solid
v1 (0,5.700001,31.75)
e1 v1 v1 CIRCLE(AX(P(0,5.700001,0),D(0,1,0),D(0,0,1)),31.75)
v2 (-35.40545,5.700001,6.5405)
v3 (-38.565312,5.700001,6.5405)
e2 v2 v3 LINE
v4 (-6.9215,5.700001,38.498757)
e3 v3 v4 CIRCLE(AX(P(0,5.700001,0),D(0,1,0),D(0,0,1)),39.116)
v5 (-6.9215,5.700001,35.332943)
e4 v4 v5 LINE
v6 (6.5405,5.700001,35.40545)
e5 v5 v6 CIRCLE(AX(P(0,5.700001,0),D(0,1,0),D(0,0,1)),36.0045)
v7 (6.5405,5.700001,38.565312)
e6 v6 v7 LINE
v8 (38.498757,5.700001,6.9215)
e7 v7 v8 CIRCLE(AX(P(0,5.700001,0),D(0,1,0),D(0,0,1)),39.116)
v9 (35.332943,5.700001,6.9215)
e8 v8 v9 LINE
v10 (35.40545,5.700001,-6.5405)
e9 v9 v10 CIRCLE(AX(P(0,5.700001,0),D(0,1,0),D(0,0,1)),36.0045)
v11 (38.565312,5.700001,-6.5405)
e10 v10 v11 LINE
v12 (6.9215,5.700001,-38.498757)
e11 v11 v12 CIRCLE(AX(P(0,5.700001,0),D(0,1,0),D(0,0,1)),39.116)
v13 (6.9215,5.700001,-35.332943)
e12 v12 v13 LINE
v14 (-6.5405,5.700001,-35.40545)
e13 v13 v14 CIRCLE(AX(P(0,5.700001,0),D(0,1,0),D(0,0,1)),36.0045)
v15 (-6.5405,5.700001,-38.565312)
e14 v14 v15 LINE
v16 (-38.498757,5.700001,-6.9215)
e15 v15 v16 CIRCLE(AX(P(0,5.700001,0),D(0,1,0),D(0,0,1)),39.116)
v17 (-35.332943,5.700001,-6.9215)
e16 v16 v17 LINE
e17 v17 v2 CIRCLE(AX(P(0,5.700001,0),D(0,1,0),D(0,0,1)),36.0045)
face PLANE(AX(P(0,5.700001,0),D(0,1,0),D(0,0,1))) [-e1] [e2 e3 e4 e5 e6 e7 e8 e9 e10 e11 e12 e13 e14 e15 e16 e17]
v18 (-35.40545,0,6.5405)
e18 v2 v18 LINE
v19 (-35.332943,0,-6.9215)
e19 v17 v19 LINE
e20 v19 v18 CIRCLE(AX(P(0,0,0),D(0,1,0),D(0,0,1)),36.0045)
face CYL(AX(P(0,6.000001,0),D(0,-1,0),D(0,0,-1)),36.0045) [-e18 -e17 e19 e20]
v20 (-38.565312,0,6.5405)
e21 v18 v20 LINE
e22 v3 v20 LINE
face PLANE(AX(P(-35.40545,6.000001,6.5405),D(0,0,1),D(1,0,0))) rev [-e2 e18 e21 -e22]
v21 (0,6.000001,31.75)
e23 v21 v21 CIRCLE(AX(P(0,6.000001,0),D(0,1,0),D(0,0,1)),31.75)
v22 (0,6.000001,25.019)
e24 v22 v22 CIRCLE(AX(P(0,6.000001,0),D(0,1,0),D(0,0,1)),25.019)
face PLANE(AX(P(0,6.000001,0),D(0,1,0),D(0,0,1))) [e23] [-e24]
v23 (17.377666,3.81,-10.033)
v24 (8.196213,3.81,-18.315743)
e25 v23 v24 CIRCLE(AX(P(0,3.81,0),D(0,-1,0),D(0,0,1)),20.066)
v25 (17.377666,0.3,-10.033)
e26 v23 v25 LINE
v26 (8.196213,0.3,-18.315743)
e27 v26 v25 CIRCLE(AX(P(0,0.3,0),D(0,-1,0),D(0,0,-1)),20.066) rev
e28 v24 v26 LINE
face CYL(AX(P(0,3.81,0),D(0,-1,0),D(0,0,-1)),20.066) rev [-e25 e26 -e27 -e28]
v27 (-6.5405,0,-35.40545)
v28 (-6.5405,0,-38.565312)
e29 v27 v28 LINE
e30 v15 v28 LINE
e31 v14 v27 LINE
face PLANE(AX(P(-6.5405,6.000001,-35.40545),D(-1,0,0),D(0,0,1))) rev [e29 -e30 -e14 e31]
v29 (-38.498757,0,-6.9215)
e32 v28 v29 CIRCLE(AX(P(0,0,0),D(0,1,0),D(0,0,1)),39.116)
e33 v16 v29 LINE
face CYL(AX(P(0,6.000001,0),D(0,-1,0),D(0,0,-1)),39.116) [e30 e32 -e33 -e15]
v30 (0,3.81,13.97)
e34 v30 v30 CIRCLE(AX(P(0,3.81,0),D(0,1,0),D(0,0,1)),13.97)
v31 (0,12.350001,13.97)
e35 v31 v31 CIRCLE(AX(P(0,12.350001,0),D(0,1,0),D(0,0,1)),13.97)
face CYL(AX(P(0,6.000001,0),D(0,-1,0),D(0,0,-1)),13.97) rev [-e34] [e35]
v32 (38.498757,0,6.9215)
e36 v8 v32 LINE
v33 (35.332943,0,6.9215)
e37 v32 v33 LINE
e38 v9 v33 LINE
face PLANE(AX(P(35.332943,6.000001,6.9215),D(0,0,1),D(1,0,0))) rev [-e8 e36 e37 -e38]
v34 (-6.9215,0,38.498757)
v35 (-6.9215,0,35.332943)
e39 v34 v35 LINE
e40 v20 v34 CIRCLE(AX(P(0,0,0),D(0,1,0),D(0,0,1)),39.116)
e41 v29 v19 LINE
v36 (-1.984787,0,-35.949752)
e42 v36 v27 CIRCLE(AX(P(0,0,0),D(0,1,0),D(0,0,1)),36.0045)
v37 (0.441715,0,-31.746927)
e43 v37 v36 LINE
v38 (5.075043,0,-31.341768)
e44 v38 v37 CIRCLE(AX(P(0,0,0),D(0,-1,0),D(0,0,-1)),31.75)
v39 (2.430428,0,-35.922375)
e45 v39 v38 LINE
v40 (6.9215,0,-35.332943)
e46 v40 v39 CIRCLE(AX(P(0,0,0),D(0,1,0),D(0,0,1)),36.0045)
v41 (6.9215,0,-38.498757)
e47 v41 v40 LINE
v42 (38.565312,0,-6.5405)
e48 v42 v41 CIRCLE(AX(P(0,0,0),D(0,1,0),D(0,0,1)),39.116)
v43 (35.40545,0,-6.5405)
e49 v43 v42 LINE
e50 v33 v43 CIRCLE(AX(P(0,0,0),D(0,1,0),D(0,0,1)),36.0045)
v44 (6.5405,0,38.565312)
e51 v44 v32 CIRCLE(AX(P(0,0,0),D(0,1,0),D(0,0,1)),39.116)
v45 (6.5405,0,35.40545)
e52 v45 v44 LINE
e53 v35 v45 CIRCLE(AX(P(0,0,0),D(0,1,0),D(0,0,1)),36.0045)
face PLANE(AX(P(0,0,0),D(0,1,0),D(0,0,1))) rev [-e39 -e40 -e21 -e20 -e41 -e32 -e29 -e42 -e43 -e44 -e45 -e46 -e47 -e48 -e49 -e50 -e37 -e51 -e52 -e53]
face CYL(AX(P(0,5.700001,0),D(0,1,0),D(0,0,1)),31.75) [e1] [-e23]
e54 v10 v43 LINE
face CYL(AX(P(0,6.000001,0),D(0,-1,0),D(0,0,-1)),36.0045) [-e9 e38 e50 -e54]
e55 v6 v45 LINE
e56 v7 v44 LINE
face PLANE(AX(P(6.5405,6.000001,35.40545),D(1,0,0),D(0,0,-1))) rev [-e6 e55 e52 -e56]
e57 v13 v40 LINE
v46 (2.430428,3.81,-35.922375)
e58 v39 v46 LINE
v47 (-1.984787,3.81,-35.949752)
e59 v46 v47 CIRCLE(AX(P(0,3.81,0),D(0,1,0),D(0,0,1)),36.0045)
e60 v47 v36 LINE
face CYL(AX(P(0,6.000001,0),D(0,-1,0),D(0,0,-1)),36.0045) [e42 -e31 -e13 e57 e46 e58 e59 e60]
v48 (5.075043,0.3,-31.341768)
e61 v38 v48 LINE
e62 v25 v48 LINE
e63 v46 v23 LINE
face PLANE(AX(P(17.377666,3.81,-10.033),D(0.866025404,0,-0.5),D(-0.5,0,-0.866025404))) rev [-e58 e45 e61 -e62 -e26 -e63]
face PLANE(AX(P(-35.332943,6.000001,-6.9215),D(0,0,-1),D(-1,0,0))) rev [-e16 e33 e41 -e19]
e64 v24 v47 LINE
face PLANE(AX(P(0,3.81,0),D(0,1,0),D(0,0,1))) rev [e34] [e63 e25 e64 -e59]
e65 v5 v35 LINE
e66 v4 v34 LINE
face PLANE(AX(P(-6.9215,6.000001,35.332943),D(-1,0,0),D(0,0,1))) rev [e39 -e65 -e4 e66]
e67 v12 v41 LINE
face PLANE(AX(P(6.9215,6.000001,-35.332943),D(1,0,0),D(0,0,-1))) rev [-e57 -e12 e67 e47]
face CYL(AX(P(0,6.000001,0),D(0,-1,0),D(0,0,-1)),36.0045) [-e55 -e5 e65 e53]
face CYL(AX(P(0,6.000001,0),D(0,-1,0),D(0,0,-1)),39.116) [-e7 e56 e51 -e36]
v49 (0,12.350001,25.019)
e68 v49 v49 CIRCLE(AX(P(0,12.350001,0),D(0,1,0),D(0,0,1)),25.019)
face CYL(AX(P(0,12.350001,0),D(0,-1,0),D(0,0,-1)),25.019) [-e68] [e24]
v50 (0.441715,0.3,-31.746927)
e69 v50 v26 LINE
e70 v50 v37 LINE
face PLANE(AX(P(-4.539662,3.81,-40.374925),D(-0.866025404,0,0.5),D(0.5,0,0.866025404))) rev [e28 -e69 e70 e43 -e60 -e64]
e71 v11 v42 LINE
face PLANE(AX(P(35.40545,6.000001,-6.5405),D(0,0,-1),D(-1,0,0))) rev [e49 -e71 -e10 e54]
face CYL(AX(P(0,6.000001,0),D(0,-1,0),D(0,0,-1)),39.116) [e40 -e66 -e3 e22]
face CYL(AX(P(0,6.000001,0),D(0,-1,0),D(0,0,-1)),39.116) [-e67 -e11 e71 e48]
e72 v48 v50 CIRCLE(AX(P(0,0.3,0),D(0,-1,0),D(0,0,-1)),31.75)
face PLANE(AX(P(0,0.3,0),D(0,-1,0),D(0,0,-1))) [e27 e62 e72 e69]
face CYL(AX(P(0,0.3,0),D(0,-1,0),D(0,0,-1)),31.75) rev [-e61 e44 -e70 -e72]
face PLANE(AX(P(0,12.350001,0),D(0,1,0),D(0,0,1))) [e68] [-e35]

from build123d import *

# Parameters (mm, degrees)
SKETCH1_R           = 13.97
BOSS_EXTRUDE2_DEPTH = 6.0000007
CUT_EXTRUDE1_DEPTH  = 3.81
SKETCH3_R           = 31.75
CUT_EXTRUDE2_DEPTH  = 0.3
SKETCH5_R           = 25.019
SKETCH5_R_2         = 13.97
BOSS_EXTRUDE3_DEPTH = 6.35
CUT_EXTRUDE3_START  = -0.3
SKETCH6_R           = 50.8
SKETCH6_R_2         = 31.75
CUT_EXTRUDE3_DEPTH  = 0.3


with BuildPart() as part:
    # Sketch1 → Boss-Extrude2 (new body)
    with BuildSketch(Plane(origin=(0, 0, 0), x_dir=(1, 0, 0), z_dir=(0, 1, 0))):
        with BuildLine():
            Line((35.405449863, 6.5405), (38.565312338, 6.5405))
            ThreePointArc((38.565312338, 6.5405), (27.795594479, 27.522107178), (6.9215, 38.498757042))
            Line((6.9215, 38.498757042), (6.9215, 35.332942957))
            ThreePointArc((6.9215, 35.332942957), (0.19391896, 36.003977776), (-6.5405, 35.405449863))
            Line((-6.5405, 35.405449863), (-6.5405, 38.565312338))
            ThreePointArc((-6.5405, 38.565312338), (-27.522107178, 27.795594479), (-38.498757042, 6.9215))
            Line((-38.498757042, 6.9215), (-35.332942957, 6.9215))
            ThreePointArc((-35.332942957, 6.9215), (-36.003977776, 0.19391896), (-35.405449863, -6.5405))
            Line((-35.405449863, -6.5405), (-38.565312338, -6.5405))
            ThreePointArc((-38.565312338, -6.5405), (-27.795594479, -27.522107178), (-6.9215, -38.498757042))
            Line((-6.9215, -38.498757042), (-6.9215, -35.332942957))
            ThreePointArc((-6.9215, -35.332942957), (-0.19391896, -36.003977776), (6.5405, -35.405449863))
            Line((6.5405, -35.405449863), (6.5405, -38.565312338))
            ThreePointArc((6.5405, -38.565312338), (27.522107178, -27.795594479), (38.498757042, -6.9215))
            Line((38.498757042, -6.9215), (35.332942957, -6.9215))
            ThreePointArc((35.332942957, -6.9215), (36.003977776, -0.19391896), (35.405449863, 6.5405))
        make_face()
        Circle(SKETCH1_R, mode=Mode.SUBTRACT)
    extrude(amount=BOSS_EXTRUDE2_DEPTH)

    # Sketch2 → Cut-Extrude1 (cut)
    with BuildSketch(Plane.XZ):
        with BuildLine():
            Line((17.377665752, -10.033), (-0.286554615, -40.628327152))
            ThreePointArc((-0.286554615, -40.628327152), (-2.416432138, -40.557415308), (-4.539661745, -40.374924792))
            Line((-4.539661745, -40.374924792), (8.196212586, -18.315743371))
            ThreePointArc((8.196212586, -18.315743371), (-13.440862054, 14.899247741), (17.377665752, -10.033))
        make_face()
    extrude(amount=-CUT_EXTRUDE1_DEPTH, mode=Mode.SUBTRACT)

    # Sketch3 → Cut-Extrude2 (cut)
    with BuildSketch(Plane.XZ):
        Circle(SKETCH3_R)
    extrude(amount=-CUT_EXTRUDE2_DEPTH, mode=Mode.SUBTRACT)

    # Sketch5 → Boss-Extrude3 (add)
    with BuildSketch(Plane(origin=(0, 6.0000007, 0), x_dir=(1, 0, 0), z_dir=(0, 1, 0))):
        Circle(SKETCH5_R)
        Circle(SKETCH5_R_2, mode=Mode.SUBTRACT)
    extrude(amount=BOSS_EXTRUDE3_DEPTH)

    # Sketch6 → Cut-Extrude3 (cut)
    with BuildSketch(Plane(origin=(0, 6.0000007, 0), x_dir=(1, 0, 0), z_dir=(0, 1, 0)).offset(CUT_EXTRUDE3_START)):
        Circle(SKETCH6_R)
        Circle(SKETCH6_R_2, mode=Mode.SUBTRACT)
    extrude(amount=CUT_EXTRUDE3_DEPTH, mode=Mode.SUBTRACT)


solid = part.part
